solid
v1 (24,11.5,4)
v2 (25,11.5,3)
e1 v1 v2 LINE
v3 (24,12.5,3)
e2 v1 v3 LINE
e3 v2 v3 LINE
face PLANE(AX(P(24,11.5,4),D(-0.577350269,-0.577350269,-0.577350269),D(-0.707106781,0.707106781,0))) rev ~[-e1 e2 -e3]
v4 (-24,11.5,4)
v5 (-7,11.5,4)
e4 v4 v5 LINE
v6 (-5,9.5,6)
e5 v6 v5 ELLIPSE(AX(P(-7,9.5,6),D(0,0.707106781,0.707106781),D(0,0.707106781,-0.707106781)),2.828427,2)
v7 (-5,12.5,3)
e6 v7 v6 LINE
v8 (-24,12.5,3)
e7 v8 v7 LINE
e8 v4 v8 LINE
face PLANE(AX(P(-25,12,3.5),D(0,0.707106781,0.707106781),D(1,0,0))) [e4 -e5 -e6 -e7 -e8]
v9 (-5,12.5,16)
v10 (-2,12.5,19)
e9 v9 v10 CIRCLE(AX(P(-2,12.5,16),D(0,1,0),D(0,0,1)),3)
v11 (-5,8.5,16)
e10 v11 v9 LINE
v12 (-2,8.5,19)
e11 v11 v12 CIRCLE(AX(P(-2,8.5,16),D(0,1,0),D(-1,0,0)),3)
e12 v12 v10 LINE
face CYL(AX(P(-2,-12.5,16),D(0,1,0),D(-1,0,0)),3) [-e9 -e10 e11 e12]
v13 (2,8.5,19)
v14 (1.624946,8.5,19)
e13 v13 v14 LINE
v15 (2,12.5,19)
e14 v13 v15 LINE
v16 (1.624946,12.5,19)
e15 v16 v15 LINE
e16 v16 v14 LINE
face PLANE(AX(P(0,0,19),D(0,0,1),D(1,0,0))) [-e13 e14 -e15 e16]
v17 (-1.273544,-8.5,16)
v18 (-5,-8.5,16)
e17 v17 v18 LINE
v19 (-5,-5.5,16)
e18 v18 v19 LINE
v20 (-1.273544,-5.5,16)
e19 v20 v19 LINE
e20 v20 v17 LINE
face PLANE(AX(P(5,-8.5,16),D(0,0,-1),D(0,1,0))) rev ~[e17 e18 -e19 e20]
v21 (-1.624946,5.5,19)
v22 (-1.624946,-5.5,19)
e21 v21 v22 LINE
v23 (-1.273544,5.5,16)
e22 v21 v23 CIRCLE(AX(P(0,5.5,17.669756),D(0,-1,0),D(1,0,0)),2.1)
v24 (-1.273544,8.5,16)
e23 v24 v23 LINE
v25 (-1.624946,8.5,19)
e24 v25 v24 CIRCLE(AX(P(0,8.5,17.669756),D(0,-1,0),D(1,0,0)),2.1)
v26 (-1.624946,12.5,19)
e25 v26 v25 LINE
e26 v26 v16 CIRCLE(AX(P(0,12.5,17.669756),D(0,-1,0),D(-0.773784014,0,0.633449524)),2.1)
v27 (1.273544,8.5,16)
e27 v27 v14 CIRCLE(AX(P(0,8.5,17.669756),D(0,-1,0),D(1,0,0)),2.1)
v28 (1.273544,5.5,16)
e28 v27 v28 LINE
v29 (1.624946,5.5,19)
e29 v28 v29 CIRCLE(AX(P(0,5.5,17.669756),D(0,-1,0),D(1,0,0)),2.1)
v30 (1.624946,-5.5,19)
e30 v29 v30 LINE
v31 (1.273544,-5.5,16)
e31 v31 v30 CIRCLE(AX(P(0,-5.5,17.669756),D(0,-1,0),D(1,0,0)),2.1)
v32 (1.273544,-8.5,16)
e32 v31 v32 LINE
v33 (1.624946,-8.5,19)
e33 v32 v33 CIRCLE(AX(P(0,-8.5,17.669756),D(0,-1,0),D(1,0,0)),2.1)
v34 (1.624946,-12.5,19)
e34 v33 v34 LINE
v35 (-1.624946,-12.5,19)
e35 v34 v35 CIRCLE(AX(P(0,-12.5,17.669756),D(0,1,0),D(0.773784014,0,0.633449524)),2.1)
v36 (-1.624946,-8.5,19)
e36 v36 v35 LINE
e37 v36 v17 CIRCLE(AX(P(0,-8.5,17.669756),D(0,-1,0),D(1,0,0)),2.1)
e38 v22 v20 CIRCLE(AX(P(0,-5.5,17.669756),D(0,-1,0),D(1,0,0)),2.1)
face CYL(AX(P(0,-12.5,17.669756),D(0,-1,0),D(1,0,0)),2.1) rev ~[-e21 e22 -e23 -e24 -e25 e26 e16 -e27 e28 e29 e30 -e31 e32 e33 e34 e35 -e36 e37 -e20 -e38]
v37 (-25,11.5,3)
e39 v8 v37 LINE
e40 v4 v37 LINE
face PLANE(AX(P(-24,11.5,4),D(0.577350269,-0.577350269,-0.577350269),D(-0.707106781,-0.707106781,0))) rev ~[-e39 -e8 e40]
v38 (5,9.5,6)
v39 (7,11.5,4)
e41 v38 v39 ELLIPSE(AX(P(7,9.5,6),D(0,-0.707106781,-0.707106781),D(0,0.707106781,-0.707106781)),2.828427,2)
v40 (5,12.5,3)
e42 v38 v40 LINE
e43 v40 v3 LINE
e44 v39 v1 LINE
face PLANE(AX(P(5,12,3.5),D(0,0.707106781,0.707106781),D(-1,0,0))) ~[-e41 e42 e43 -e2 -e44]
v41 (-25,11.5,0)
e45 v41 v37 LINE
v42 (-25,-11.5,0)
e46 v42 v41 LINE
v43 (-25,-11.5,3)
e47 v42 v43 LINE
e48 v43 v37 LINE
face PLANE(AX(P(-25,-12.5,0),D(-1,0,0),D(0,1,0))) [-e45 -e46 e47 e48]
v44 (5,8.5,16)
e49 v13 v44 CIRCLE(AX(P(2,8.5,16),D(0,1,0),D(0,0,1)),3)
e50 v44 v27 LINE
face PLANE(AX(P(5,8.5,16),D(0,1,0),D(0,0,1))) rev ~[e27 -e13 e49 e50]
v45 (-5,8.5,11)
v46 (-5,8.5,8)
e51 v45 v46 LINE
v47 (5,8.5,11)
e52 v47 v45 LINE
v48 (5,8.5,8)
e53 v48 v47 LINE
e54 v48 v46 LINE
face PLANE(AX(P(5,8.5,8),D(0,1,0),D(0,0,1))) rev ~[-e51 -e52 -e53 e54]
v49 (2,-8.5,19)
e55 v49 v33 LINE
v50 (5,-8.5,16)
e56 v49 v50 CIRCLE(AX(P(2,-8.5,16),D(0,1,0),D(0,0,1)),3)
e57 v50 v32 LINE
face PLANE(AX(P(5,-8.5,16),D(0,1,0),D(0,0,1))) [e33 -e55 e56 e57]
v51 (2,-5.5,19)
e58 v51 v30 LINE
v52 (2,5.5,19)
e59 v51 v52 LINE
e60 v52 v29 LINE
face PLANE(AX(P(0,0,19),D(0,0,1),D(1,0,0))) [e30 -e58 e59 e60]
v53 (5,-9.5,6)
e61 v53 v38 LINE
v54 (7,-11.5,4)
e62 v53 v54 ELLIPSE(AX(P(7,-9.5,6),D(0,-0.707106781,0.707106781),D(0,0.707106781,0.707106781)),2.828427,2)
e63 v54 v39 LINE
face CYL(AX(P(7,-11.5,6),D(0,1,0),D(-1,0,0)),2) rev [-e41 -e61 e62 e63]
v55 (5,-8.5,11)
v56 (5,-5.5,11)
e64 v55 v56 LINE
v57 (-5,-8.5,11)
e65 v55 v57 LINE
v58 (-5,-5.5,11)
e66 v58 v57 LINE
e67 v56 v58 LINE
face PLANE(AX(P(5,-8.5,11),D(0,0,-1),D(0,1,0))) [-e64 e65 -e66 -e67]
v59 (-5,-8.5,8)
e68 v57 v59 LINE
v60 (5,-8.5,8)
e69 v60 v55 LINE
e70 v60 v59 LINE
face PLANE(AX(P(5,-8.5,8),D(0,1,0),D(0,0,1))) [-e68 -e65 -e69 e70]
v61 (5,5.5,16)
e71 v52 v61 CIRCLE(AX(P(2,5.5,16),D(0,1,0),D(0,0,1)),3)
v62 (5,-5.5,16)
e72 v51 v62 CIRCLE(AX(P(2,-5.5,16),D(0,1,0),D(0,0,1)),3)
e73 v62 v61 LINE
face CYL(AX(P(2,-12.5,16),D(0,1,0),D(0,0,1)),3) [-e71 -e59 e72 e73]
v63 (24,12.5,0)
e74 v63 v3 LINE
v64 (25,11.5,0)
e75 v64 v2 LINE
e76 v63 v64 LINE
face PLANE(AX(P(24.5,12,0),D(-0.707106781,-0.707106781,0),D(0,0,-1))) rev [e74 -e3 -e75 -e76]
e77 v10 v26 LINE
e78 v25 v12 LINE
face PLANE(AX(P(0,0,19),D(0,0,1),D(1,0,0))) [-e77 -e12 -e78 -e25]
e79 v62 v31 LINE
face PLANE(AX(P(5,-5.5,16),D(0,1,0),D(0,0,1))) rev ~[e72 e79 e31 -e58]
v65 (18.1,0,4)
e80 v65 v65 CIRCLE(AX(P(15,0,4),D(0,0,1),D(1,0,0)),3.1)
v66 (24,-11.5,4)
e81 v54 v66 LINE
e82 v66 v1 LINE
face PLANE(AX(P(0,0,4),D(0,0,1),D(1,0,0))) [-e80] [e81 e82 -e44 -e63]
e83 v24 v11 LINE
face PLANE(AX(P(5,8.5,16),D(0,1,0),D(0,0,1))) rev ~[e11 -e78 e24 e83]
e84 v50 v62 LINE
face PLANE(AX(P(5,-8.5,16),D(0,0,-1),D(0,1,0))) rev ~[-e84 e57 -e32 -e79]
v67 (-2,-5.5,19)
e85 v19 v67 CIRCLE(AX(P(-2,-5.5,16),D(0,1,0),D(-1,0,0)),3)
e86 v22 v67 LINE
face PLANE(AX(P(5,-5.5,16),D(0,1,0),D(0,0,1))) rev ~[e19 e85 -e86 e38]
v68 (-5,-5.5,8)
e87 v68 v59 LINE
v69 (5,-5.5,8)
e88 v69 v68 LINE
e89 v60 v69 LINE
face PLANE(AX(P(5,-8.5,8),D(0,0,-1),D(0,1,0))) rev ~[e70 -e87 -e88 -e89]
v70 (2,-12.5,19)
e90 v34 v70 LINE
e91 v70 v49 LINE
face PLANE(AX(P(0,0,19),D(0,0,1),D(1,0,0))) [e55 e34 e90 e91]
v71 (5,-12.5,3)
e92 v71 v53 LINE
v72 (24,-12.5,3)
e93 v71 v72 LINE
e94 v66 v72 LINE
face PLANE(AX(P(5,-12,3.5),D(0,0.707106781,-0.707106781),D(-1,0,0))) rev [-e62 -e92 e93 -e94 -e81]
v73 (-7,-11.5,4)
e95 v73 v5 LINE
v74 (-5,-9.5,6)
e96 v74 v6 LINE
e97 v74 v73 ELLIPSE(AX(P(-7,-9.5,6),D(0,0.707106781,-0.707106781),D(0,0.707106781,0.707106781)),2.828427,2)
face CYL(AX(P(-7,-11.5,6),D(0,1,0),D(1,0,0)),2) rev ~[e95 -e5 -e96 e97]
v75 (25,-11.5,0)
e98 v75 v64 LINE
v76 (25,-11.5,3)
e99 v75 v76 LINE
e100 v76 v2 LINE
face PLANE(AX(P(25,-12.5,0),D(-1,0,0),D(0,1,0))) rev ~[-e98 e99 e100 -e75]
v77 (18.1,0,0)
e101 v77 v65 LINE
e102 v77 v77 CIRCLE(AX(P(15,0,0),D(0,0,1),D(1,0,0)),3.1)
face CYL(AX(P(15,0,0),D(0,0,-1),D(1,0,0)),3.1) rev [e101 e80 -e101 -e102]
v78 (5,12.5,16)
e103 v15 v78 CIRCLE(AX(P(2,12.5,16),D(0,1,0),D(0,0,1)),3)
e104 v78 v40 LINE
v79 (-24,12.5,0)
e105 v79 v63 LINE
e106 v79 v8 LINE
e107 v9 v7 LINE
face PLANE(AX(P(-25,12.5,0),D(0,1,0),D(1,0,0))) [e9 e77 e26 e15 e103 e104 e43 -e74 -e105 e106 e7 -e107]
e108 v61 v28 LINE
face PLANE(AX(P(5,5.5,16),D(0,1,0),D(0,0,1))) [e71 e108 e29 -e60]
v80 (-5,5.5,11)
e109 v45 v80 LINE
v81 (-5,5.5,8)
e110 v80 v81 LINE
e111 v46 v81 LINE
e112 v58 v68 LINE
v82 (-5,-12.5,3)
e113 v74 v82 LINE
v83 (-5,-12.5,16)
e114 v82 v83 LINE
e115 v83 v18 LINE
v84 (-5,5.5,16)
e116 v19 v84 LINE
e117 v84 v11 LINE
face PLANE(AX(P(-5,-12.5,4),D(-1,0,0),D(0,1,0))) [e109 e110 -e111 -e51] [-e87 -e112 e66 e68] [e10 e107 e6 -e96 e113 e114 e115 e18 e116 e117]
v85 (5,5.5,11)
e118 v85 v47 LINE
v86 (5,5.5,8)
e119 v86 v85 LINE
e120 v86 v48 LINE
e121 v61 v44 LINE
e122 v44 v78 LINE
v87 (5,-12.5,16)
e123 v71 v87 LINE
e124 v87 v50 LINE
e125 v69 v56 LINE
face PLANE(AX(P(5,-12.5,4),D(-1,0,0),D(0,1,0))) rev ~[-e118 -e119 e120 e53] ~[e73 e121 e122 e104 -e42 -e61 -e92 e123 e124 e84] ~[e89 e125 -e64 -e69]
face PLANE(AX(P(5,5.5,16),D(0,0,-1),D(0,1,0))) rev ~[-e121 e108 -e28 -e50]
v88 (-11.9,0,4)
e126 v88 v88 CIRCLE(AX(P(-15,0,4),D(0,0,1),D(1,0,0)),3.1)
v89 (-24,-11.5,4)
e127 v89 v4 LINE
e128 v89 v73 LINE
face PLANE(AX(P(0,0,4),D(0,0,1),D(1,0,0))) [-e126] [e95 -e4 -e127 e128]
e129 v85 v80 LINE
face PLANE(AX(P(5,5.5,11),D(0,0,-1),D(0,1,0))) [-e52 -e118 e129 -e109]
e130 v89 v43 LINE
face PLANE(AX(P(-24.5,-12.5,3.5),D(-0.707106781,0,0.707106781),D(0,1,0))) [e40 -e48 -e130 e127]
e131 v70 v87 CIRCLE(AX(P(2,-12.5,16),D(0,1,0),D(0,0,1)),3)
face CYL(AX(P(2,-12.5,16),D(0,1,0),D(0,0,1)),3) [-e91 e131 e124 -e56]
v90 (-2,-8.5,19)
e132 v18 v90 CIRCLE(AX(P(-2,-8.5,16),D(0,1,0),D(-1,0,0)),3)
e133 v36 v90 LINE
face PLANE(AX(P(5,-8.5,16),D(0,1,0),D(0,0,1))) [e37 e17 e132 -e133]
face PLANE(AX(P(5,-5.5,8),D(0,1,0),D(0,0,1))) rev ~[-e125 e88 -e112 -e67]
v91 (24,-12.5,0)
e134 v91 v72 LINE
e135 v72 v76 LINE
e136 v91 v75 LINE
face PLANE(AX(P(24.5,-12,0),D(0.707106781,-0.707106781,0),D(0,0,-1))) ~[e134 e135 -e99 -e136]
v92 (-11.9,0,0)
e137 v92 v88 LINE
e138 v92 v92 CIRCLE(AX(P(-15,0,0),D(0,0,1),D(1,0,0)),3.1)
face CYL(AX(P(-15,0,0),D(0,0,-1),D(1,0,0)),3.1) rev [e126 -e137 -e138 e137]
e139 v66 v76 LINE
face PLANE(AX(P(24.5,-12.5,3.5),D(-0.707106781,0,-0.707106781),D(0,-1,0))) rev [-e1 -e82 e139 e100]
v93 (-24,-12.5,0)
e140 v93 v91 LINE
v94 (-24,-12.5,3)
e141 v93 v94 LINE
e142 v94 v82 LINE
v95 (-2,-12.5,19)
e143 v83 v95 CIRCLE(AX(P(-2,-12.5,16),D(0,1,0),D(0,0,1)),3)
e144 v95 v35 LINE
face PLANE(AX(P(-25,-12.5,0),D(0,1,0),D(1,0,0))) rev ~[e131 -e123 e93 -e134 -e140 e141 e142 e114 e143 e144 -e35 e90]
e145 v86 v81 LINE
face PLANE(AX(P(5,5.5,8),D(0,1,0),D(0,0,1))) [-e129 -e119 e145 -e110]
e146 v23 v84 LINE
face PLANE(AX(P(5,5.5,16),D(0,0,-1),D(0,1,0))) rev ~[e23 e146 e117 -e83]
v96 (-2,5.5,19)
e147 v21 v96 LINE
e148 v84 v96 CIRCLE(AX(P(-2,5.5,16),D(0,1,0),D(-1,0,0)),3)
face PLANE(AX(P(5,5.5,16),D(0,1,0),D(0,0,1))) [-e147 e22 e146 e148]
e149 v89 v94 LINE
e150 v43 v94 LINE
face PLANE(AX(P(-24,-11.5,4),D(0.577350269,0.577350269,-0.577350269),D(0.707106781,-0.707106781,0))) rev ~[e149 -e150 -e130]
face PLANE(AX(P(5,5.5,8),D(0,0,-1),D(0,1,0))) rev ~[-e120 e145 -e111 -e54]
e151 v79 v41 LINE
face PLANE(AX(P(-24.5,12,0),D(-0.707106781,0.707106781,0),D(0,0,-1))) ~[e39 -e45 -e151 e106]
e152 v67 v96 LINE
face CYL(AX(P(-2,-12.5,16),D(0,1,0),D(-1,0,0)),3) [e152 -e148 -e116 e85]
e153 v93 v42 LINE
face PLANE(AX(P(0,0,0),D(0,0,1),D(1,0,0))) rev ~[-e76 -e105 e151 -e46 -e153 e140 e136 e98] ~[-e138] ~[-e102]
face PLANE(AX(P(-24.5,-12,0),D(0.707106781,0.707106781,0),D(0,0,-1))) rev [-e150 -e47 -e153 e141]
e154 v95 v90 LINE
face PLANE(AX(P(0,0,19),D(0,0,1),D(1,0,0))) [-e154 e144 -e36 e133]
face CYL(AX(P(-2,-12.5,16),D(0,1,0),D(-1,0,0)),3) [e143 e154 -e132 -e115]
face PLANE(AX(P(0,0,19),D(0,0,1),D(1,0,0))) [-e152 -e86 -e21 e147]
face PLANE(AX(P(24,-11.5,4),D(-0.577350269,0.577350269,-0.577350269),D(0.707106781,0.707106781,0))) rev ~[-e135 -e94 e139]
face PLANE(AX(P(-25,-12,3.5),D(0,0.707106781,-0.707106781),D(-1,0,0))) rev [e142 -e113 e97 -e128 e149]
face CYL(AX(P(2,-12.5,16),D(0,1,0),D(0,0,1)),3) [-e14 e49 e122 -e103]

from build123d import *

# Parameters (mm, degrees)
SKETCH_W        = 50
SKETCH_H        = 25
SKETCH_R        = 3.1
PAD_DEPTH       = 4
SKETCH001_W     = 10
SKETCH001_H     = 25
PAD001_DEPTH    = 15
SKETCH002_R     = 2.1
POCKET_DEPTH    = 25.001
FILLET_R        = 3
SKETCH003_W     = 3
SKETCH003_H     = 3
POCKET001_DEPTH = 30.001
CHAMFER_SIZE    = 1
FILLET001_R     = 2


with BuildPart() as part:
    # Sketch → Pad (new body)
    with BuildSketch(Plane.XY):
        Rectangle(SKETCH_W, SKETCH_H)
        with Locations((-15, 0)):
            Circle(SKETCH_R, mode=Mode.SUBTRACT)
        with Locations((15, 0)):
            Circle(SKETCH_R, mode=Mode.SUBTRACT)
    extrude(amount=PAD_DEPTH)

    # Sketch001 (on Face8 of Pad) → Pad001 (join)
    with BuildSketch(Plane.XY.offset(4)):
        Rectangle(SKETCH001_W, SKETCH001_H)
    extrude(amount=PAD001_DEPTH)

    # Sketch002 (on Face14 of Pad001) → Pocket (cut, through all)
    with BuildSketch(Plane.XZ.offset(12.5)):
        with Locations((0, 17.669756)):
            Circle(SKETCH002_R)
    extrude(amount=-POCKET_DEPTH, mode=Mode.SUBTRACT)

    # Fillet
    fillet_edges = [part.edges().sort_by_distance(p)[0] for p in [
        (5, 0, 19),
        (-5, 0, 19),
    ]]
    fillet(fillet_edges, radius=FILLET_R)

    # Sketch003 (on Face2 of Fillet) → Pocket001 (cut, through all)
    with BuildSketch(Plane.YZ.offset(5)):
        with Locations((-7, 17.5)):
            Rectangle(SKETCH003_W, SKETCH003_H)
        with Locations((7, 17.5)):
            Rectangle(SKETCH003_W, SKETCH003_H)
        with Locations((-7, 9.5)):
            Rectangle(SKETCH003_W, SKETCH003_H)
        with Locations((7, 9.5)):
            Rectangle(SKETCH003_W, SKETCH003_H)
    extrude(amount=-POCKET001_DEPTH, mode=Mode.SUBTRACT)

    # Chamfer
    chamfer_edges = [part.edges().sort_by_distance(p)[0] for p in [
        (-25, -12.5, 2),
        (25, -12.5, 2),
        (25, 12.5, 2),
        (-25, 12.5, 2),
        (-15, 12.5, 4),
        (-25, 0, 4),
        (-15, -12.5, 4),
        (15, -12.5, 4),
        (25, 0, 4),
        (15, 12.5, 4),
    ]]
    chamfer(chamfer_edges, length=CHAMFER_SIZE)

    # Fillet001
    fillet001_edges = [part.edges().sort_by_distance(p)[0] for p in [
        (-5, 0, 4),
        (5, 0, 4),
    ]]
    fillet(fillet001_edges, radius=FILLET001_R)


solid = part.part
